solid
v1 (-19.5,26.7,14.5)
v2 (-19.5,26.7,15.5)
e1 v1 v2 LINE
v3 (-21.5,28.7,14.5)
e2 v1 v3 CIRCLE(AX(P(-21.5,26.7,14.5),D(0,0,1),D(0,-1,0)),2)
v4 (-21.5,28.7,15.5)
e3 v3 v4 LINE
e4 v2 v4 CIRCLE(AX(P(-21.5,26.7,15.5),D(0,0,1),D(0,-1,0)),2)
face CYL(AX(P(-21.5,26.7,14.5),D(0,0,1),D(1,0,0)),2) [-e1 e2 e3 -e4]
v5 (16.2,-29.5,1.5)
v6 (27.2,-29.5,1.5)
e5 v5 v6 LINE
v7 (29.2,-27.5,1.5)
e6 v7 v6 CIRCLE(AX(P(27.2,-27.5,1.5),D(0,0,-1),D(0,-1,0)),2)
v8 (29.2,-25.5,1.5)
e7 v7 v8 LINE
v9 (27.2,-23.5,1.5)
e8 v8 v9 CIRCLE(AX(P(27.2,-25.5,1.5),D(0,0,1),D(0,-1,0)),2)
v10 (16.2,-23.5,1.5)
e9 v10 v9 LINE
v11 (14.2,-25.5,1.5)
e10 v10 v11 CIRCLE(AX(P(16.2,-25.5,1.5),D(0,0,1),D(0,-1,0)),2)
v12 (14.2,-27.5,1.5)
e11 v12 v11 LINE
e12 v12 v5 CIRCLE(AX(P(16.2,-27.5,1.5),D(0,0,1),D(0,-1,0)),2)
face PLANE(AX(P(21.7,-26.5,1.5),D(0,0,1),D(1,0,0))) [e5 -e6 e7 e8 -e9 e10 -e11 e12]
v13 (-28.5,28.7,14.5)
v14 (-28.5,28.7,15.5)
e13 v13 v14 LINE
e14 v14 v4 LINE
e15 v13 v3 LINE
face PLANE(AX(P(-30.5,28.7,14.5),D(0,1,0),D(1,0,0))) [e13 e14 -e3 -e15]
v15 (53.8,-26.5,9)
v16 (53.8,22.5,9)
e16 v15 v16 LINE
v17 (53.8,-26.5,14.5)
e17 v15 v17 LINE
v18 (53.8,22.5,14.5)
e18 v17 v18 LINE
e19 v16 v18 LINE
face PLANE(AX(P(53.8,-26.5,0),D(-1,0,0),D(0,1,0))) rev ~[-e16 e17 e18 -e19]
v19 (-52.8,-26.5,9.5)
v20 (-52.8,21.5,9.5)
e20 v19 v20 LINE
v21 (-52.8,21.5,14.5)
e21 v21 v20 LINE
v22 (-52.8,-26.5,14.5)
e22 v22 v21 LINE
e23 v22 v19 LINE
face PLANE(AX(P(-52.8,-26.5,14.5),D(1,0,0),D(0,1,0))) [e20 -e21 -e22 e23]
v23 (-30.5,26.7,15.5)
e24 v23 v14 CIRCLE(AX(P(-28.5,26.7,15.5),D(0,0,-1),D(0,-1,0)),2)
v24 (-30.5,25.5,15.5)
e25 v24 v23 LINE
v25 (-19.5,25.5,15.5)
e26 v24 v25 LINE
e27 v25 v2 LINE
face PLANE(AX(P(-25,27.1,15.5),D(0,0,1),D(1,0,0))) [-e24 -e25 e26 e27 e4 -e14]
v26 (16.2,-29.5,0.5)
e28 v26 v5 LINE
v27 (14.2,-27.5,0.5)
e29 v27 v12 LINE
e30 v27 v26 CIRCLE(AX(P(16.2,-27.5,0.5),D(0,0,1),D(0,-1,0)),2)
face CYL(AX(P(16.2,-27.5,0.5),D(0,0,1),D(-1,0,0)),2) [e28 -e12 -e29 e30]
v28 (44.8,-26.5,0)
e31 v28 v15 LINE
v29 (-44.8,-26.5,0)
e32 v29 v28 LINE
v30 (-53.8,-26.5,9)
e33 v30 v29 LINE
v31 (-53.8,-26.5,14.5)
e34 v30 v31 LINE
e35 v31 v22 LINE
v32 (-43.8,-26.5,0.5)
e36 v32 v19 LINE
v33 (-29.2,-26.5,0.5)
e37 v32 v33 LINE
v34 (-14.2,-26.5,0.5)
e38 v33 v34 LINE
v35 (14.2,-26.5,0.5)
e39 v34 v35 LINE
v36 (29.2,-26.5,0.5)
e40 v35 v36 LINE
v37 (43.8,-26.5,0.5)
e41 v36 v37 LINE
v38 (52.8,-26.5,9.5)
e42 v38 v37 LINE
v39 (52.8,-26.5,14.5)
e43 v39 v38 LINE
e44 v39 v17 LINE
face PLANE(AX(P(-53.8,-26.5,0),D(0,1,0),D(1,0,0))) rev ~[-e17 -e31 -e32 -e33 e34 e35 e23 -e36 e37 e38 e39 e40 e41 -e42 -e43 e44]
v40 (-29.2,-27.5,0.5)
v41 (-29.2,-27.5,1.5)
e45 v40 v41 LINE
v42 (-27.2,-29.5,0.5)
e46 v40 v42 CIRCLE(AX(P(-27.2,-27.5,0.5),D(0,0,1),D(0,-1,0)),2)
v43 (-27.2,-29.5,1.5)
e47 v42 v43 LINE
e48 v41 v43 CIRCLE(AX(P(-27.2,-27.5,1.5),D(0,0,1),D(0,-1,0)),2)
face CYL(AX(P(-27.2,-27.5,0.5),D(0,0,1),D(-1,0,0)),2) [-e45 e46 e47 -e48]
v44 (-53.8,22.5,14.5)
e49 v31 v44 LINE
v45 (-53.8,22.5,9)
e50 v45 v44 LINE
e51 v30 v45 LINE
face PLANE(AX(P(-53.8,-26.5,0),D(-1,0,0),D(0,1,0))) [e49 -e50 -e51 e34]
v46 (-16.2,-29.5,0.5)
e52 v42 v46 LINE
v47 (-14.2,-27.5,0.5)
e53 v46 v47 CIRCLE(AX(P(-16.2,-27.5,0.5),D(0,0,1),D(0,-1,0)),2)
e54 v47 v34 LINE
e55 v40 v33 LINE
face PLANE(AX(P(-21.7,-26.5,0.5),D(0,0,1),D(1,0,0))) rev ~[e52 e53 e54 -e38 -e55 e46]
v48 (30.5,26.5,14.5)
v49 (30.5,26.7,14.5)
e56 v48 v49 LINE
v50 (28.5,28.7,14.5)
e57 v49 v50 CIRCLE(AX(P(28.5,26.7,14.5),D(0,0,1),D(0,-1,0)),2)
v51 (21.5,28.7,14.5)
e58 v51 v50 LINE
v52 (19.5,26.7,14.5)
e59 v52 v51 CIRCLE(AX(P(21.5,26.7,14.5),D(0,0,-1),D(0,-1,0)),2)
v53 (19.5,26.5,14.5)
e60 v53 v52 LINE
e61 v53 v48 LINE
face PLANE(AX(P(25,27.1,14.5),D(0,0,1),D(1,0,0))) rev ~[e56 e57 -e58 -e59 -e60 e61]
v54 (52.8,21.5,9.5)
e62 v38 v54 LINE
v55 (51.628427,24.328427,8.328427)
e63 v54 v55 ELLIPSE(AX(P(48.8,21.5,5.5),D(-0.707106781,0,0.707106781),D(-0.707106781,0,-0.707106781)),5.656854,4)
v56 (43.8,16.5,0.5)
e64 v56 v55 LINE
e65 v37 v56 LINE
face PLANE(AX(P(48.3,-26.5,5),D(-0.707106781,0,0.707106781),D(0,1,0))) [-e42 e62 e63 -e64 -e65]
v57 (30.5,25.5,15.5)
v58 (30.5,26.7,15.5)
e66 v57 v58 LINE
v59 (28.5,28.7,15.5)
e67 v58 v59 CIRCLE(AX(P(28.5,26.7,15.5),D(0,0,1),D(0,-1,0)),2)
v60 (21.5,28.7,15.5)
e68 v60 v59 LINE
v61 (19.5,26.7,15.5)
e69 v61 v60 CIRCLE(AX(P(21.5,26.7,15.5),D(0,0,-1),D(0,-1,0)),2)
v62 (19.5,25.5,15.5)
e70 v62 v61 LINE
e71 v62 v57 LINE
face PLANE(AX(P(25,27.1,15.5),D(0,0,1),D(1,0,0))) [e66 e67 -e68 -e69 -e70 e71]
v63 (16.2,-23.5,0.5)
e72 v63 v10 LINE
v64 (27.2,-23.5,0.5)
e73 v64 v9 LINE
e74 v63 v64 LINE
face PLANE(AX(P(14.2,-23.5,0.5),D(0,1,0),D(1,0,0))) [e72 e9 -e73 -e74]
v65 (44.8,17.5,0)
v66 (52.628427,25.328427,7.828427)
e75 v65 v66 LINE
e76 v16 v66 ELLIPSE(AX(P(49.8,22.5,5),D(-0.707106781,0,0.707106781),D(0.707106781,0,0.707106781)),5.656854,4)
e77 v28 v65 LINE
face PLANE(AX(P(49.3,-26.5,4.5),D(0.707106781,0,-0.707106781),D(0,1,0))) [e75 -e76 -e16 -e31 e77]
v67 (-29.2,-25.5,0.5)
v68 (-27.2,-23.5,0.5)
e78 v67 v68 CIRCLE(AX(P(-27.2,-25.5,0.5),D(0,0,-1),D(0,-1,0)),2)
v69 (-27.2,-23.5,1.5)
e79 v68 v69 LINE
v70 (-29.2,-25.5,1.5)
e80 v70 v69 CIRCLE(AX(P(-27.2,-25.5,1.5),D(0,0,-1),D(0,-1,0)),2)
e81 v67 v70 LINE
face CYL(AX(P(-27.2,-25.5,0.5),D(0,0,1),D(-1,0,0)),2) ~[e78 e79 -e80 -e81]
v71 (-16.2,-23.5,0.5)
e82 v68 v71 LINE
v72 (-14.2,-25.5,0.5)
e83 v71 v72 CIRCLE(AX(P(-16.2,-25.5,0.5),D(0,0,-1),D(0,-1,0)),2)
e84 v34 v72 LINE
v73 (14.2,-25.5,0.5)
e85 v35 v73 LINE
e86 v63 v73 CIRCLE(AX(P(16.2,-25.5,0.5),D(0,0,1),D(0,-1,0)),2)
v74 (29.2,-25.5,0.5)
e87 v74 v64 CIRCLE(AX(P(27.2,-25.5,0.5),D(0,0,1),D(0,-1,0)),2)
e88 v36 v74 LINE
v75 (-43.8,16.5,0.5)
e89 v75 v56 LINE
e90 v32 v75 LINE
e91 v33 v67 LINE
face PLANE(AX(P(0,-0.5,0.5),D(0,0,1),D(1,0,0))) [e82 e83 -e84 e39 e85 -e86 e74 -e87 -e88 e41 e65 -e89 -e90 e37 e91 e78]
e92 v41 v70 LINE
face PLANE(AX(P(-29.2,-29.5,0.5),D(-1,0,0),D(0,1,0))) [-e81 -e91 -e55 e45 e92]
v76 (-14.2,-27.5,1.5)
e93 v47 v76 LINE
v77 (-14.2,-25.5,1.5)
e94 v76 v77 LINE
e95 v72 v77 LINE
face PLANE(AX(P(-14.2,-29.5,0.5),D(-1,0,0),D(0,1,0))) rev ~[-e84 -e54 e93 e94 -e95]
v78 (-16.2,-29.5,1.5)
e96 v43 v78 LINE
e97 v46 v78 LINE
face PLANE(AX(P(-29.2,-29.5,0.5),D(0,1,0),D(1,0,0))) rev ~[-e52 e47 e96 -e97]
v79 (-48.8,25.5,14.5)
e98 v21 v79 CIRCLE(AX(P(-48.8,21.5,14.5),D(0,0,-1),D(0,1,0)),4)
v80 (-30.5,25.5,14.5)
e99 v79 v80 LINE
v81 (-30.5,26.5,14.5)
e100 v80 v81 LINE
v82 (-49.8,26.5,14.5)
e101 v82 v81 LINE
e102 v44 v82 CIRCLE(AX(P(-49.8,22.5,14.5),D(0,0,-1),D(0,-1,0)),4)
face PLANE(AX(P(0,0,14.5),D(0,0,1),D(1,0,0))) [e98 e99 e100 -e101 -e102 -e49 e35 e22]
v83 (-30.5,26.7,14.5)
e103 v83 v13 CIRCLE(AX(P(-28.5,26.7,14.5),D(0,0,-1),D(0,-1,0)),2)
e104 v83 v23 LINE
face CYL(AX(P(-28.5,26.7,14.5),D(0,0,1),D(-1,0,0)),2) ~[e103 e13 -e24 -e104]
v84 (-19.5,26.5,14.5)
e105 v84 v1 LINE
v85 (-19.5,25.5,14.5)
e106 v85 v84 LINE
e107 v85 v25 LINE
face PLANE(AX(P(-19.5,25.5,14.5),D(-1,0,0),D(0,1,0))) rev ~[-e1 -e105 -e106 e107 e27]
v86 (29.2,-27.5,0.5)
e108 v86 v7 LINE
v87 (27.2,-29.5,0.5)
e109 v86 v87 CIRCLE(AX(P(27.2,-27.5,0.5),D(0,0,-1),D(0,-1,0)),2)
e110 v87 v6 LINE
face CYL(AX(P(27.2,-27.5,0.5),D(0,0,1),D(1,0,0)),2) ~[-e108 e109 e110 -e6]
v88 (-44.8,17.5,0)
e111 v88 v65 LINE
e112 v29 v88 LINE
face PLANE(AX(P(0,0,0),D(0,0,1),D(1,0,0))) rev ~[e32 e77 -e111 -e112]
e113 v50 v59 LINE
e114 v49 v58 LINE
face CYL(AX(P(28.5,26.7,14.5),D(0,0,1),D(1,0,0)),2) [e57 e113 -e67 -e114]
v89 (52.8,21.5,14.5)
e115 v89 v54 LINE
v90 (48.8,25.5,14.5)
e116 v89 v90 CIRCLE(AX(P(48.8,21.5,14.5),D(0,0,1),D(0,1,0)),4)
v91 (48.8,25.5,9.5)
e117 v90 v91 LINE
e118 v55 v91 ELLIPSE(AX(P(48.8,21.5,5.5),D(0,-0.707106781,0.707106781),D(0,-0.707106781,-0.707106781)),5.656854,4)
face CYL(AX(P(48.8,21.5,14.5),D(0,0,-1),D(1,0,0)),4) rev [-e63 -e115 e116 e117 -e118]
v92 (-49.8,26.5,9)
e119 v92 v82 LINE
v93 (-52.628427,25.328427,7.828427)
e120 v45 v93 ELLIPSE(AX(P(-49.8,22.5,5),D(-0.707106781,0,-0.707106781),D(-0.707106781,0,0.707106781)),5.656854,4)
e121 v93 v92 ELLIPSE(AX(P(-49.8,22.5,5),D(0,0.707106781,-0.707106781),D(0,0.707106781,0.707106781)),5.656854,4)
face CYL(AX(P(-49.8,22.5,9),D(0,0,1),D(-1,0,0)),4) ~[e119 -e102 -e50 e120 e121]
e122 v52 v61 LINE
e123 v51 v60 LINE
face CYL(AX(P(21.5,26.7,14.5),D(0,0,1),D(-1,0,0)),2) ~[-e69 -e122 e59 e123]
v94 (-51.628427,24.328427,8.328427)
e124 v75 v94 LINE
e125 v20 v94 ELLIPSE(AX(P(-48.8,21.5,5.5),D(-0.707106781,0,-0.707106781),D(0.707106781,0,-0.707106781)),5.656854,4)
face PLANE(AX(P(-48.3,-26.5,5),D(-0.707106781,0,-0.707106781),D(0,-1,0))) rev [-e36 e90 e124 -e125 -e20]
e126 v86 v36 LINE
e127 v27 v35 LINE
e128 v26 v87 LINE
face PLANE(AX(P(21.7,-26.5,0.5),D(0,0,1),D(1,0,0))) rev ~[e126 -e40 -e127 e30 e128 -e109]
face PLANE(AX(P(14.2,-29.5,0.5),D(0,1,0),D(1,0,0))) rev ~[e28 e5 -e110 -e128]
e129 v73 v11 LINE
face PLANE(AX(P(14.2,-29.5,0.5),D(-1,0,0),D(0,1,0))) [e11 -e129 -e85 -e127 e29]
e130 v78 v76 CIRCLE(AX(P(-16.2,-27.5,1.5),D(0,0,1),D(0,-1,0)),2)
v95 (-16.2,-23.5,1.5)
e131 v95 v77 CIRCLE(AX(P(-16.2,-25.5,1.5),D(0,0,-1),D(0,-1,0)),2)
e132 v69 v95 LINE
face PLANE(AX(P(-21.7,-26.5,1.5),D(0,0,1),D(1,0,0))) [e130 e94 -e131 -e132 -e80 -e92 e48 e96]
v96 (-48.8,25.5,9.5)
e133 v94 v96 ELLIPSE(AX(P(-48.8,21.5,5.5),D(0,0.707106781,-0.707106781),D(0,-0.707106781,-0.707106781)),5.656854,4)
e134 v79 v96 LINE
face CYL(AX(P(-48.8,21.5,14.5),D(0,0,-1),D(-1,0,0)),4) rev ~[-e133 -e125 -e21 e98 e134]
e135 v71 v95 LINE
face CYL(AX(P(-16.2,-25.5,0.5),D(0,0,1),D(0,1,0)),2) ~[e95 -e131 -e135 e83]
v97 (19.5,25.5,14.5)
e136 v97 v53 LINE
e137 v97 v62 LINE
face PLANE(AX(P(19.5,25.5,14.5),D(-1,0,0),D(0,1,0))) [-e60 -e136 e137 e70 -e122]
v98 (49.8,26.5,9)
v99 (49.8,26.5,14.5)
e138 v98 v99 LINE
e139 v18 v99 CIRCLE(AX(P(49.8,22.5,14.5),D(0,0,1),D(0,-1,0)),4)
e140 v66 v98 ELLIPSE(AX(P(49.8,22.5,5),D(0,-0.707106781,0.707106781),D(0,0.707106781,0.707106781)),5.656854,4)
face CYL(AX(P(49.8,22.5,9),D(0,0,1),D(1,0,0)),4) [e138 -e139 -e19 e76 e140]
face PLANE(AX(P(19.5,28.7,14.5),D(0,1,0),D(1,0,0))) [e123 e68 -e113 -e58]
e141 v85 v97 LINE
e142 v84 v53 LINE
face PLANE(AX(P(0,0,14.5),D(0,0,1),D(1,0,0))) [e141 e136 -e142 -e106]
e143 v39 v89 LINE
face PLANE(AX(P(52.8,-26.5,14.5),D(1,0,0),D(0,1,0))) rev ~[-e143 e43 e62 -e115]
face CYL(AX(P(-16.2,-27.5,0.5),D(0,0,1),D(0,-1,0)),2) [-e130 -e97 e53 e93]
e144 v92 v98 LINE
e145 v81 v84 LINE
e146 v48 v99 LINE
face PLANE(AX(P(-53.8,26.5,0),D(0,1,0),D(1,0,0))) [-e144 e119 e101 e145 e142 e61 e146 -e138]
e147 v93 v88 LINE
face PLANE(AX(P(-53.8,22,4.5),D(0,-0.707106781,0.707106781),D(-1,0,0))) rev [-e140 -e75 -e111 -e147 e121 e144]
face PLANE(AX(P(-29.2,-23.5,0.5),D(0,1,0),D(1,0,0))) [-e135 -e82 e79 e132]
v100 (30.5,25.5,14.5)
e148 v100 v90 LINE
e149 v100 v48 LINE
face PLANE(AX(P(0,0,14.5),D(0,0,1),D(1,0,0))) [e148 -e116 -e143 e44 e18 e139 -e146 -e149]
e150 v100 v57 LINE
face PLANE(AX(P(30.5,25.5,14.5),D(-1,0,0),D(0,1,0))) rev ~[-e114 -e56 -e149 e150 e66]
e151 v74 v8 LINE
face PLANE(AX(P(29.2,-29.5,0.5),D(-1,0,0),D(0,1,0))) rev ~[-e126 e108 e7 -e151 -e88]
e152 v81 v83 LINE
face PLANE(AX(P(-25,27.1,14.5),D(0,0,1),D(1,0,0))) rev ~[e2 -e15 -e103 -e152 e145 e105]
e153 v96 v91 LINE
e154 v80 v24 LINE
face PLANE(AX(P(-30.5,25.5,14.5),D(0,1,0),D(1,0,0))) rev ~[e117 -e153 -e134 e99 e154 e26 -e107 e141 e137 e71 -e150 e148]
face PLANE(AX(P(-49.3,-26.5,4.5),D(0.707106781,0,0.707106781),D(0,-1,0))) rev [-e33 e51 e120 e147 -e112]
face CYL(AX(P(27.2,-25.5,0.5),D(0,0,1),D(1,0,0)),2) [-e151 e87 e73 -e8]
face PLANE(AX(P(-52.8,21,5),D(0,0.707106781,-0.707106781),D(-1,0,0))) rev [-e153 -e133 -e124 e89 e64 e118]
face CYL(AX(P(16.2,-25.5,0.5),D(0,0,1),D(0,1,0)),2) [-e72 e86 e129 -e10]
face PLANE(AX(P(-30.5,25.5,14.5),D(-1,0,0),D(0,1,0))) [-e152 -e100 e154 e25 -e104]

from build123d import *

# Parameters (mm, degrees)
F0_W     = 107.6
F0_H     = 53
F1_DEPTH = 14.5
F2_W     = 105.6
F2_H     = 52
F3_DEPTH = 14
F4_SIZE  = 9
F5_W     = 11
F5_H     = 3.2
F6_DEPTH = 1
F7_W     = 15
F7_H     = 6
F8_DEPTH = 1
F9_R     = 2
F10_R    = 4


with BuildPart() as f1:
    # F0 (on Top) → F1 (new body)
    with BuildSketch(Plane.XY):
        Rectangle(F0_W, F0_H)
    extrude(amount=F1_DEPTH)

    # F2 (on face) → F3 (cut)
    with BuildSketch(Plane.XY.offset(14.5)):
        with Locations((0, -0.5)):
            Rectangle(F2_W, F2_H)
    extrude(amount=-F3_DEPTH, mode=Mode.SUBTRACT)

    # F4
    f4_edges = [f1.edges().sort_by_distance(p)[0] for p in [
        (53.8, 0, 0),
        (0, 26.5, 0),
        (-53.8, 0, 0),
        (-52.8, -0.5, 0.5),
        (0, 25.5, 0.5),
        (52.8, -0.5, 0.5),
    ]]
    chamfer(f4_edges, length=F4_SIZE)

    # F5 (on face) → F6 (join)
    with BuildSketch(Plane.XY.offset(14.5)):
        with Locations((-25, 27.1)):
            Rectangle(F5_W, F5_H)
        with Locations((25, 27.1)):
            Rectangle(F5_W, F5_H)
    extrude(amount=F6_DEPTH)

    # F7 (on face) → F8 (join)
    with BuildSketch(Plane.XY.offset(0.5)):
        with Locations((-21.7, -26.5)):
            Rectangle(F7_W, F7_H)
        with Locations((21.7, -26.5)):
            Rectangle(F7_W, F7_H)
    extrude(amount=F8_DEPTH)

    # F9
    f9_edges = [f1.edges().sort_by_distance(p)[0] for p in [
        (-29.2, -29.5, 1),
        (-14.2, -29.5, 1),
        (14.2, -29.5, 1),
        (29.2, -29.5, 1),
        (29.2, -23.5, 1),
        (14.2, -23.5, 1),
        (-29.2, -23.5, 1),
        (-14.2, -23.5, 1),
        (30.5, 28.7, 15),
        (19.5, 28.7, 15),
        (-19.5, 28.7, 15),
        (-30.5, 28.7, 15),
    ]]
    fillet(f9_edges, radius=F9_R)

    # F10
    f10_edges = [f1.edges().sort_by_distance(p)[0] for p in [
        (53.8, 26.5, 11.75),
        (52.8, 25.5, 12),
        (-52.8, 25.5, 12),
        (-53.8, 26.5, 11.75),
    ]]
    fillet(f10_edges, radius=F10_R)


solid = f1.part
